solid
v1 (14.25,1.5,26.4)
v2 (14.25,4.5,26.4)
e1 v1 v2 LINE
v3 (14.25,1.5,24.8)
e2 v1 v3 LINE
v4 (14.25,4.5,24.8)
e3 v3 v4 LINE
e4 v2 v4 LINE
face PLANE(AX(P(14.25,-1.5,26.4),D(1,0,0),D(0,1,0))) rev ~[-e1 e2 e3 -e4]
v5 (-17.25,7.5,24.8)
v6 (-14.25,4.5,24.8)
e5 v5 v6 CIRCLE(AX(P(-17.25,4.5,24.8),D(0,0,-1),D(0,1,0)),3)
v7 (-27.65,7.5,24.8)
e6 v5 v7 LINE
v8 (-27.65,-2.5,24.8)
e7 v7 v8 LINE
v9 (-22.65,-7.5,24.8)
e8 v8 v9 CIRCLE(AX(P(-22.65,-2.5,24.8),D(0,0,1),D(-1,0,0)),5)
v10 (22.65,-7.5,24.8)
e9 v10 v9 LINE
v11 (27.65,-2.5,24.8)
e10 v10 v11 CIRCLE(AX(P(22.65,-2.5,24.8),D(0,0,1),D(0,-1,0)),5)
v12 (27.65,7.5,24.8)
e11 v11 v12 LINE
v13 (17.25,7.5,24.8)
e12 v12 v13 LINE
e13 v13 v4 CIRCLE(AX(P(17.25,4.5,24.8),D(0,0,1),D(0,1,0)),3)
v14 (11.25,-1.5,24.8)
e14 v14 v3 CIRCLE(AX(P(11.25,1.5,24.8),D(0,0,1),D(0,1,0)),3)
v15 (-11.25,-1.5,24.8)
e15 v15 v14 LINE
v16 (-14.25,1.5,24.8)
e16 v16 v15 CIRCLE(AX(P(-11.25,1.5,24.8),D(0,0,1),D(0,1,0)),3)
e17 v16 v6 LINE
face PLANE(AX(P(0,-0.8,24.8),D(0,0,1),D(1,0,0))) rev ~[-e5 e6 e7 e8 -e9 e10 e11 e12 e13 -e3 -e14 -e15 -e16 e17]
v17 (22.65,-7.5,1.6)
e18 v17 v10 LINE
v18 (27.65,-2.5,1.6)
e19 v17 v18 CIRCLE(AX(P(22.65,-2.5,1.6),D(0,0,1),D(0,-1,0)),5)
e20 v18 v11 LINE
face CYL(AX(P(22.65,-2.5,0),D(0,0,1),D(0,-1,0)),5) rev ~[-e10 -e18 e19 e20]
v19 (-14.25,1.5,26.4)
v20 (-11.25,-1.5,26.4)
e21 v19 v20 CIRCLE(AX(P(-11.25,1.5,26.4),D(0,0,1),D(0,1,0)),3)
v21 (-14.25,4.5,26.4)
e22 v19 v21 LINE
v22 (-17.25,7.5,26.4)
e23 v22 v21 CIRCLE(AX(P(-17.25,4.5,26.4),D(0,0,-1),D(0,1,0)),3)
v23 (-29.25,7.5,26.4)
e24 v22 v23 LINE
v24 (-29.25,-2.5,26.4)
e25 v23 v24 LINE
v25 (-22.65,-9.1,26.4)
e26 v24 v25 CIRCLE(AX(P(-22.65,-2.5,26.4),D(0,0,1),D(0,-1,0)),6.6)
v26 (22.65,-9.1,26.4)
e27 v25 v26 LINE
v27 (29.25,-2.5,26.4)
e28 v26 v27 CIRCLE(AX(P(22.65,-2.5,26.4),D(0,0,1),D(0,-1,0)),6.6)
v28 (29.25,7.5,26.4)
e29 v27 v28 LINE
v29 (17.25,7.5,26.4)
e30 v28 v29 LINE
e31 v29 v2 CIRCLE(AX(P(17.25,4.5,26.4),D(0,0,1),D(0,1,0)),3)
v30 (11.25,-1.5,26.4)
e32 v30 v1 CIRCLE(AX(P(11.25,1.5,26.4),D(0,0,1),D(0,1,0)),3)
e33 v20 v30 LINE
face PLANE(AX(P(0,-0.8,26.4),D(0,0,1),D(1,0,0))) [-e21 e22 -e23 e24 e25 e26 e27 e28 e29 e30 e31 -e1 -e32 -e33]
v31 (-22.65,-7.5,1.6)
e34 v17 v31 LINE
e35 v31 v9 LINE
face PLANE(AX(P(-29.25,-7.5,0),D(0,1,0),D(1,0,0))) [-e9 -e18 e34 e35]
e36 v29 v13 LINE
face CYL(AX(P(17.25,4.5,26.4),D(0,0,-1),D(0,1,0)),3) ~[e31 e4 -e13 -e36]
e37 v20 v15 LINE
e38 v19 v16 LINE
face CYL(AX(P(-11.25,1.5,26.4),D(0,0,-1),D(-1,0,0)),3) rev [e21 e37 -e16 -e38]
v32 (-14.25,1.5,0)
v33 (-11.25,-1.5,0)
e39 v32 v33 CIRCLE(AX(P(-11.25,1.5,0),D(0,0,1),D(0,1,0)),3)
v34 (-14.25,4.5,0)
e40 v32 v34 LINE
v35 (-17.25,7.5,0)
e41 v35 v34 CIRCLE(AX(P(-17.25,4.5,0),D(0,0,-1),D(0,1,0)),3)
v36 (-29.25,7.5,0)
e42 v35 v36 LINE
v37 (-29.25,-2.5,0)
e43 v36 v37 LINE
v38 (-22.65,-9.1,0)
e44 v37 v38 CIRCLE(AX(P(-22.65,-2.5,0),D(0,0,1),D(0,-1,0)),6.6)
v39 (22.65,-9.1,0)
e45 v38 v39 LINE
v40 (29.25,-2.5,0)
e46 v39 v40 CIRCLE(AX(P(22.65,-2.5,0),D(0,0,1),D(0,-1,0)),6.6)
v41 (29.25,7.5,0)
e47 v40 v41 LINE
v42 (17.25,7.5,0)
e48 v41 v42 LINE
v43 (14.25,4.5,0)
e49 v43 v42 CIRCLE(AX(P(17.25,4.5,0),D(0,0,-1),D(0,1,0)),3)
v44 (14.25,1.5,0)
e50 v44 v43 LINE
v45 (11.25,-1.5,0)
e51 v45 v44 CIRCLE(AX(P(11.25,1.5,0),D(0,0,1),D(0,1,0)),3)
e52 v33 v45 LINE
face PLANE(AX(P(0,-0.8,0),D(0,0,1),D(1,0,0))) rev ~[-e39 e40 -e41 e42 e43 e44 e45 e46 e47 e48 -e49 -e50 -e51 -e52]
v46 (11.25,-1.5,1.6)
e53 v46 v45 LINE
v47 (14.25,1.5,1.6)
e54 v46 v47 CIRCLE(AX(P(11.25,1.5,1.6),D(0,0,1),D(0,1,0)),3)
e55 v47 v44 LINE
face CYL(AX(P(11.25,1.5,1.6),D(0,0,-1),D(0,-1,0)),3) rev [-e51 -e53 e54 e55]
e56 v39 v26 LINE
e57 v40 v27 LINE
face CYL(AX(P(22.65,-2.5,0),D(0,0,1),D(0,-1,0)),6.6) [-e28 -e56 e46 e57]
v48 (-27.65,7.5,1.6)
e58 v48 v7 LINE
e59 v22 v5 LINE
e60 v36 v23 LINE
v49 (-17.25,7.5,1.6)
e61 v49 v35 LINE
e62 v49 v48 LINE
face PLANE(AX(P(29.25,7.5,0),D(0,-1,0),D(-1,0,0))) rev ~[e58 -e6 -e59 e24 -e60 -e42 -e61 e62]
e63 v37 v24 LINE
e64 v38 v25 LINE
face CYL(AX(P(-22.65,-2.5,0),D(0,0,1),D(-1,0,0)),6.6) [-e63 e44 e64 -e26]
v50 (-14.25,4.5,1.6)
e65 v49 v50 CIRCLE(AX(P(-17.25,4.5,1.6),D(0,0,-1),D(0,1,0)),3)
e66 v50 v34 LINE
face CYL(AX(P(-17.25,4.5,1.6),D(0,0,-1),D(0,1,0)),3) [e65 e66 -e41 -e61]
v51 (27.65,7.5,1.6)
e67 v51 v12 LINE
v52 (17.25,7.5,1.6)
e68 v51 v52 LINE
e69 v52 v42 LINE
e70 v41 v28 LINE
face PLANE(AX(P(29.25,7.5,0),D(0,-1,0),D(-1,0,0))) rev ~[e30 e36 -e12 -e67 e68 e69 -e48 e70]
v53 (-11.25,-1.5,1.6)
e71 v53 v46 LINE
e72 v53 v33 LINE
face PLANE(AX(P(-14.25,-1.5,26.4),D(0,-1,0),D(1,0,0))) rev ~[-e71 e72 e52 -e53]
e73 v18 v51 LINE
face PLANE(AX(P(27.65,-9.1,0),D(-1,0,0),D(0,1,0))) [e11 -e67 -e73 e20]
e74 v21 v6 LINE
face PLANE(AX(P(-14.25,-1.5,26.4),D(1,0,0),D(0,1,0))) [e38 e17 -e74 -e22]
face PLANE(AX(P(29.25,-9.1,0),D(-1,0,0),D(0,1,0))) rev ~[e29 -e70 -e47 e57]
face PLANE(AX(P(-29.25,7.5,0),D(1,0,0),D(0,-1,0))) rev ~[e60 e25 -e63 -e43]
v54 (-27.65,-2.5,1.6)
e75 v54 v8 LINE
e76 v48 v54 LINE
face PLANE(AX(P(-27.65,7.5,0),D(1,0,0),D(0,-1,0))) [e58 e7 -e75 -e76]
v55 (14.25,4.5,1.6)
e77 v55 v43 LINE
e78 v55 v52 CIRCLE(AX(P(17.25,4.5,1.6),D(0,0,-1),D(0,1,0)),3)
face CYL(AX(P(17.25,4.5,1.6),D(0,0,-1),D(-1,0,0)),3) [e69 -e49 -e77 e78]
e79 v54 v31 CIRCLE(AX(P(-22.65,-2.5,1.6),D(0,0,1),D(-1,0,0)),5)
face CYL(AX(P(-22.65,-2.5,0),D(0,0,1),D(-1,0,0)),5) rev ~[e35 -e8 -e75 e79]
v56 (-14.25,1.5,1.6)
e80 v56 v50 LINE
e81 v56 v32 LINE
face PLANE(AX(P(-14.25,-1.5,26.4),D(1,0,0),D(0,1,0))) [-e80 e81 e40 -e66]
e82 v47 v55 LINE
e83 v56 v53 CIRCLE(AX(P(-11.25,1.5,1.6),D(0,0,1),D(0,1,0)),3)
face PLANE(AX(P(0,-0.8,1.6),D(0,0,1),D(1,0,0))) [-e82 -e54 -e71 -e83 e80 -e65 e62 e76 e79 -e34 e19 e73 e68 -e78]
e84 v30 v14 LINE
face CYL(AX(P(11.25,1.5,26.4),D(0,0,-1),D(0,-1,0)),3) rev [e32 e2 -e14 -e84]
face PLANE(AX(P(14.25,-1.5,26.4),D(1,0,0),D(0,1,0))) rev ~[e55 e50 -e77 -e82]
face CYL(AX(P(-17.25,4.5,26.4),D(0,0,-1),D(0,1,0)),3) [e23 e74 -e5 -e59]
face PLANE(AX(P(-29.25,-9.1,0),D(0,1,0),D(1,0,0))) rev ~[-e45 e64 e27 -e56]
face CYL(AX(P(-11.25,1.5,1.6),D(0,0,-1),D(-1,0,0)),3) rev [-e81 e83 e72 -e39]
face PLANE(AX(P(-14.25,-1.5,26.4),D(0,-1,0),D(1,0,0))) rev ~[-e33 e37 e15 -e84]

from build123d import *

# Parameters (mm, degrees)
F1_DEPTH = 26.4
F2_R     = 6.6
F3_T     = -1.6
F4_W     = 28.5
F4_H     = 9
F5_DEPTH = 26.401
F6_R     = 3


with BuildPart() as f1:
    # F0 (on Top) → F1 (new body)
    with BuildSketch(Plane.XY):
        Polygon((29.25, 7.5), (27.65, 7.5), (-27.65, 7.5), (-29.25, 7.5), (-29.25, -9.1), (29.25, -9.1), align=None)
    extrude(amount=F1_DEPTH)

    # F2
    f2_edges = [f1.edges().sort_by_distance(p)[0] for p in [
        (29.25, -9.1, 13.2),
        (-29.25, -9.1, 13.2),
    ]]
    fillet(f2_edges, radius=F2_R)

    # F3
    f3_openings = [f1.faces().sort_by_distance(p)[0] for p in [
        (0, 7.5, 13.2),
    ]]
    offset(amount=F3_T, openings=f3_openings)

    # F4 (on face) → F5 (cut, through all)
    with BuildSketch(Plane.XY.offset(26.4)):
        with Locations((0, 3)):
            Rectangle(F4_W, F4_H)
    extrude(amount=-F5_DEPTH, mode=Mode.SUBTRACT)

    # F6
    f6_edges = [f1.edges().sort_by_distance(p)[0] for p in [
        (14.25, -1.5, 25.6),
        (14.25, 7.5, 25.6),
        (14.25, 7.5, 0.8),
        (14.25, -1.5, 0.8),
        (-14.25, 7.5, 25.6),
        (-14.25, 7.5, 0.8),
        (-14.25, -1.5, 0.8),
        (-14.25, -1.5, 25.6),
    ]]
    fillet(f6_edges, radius=F6_R)


solid = f1.part
